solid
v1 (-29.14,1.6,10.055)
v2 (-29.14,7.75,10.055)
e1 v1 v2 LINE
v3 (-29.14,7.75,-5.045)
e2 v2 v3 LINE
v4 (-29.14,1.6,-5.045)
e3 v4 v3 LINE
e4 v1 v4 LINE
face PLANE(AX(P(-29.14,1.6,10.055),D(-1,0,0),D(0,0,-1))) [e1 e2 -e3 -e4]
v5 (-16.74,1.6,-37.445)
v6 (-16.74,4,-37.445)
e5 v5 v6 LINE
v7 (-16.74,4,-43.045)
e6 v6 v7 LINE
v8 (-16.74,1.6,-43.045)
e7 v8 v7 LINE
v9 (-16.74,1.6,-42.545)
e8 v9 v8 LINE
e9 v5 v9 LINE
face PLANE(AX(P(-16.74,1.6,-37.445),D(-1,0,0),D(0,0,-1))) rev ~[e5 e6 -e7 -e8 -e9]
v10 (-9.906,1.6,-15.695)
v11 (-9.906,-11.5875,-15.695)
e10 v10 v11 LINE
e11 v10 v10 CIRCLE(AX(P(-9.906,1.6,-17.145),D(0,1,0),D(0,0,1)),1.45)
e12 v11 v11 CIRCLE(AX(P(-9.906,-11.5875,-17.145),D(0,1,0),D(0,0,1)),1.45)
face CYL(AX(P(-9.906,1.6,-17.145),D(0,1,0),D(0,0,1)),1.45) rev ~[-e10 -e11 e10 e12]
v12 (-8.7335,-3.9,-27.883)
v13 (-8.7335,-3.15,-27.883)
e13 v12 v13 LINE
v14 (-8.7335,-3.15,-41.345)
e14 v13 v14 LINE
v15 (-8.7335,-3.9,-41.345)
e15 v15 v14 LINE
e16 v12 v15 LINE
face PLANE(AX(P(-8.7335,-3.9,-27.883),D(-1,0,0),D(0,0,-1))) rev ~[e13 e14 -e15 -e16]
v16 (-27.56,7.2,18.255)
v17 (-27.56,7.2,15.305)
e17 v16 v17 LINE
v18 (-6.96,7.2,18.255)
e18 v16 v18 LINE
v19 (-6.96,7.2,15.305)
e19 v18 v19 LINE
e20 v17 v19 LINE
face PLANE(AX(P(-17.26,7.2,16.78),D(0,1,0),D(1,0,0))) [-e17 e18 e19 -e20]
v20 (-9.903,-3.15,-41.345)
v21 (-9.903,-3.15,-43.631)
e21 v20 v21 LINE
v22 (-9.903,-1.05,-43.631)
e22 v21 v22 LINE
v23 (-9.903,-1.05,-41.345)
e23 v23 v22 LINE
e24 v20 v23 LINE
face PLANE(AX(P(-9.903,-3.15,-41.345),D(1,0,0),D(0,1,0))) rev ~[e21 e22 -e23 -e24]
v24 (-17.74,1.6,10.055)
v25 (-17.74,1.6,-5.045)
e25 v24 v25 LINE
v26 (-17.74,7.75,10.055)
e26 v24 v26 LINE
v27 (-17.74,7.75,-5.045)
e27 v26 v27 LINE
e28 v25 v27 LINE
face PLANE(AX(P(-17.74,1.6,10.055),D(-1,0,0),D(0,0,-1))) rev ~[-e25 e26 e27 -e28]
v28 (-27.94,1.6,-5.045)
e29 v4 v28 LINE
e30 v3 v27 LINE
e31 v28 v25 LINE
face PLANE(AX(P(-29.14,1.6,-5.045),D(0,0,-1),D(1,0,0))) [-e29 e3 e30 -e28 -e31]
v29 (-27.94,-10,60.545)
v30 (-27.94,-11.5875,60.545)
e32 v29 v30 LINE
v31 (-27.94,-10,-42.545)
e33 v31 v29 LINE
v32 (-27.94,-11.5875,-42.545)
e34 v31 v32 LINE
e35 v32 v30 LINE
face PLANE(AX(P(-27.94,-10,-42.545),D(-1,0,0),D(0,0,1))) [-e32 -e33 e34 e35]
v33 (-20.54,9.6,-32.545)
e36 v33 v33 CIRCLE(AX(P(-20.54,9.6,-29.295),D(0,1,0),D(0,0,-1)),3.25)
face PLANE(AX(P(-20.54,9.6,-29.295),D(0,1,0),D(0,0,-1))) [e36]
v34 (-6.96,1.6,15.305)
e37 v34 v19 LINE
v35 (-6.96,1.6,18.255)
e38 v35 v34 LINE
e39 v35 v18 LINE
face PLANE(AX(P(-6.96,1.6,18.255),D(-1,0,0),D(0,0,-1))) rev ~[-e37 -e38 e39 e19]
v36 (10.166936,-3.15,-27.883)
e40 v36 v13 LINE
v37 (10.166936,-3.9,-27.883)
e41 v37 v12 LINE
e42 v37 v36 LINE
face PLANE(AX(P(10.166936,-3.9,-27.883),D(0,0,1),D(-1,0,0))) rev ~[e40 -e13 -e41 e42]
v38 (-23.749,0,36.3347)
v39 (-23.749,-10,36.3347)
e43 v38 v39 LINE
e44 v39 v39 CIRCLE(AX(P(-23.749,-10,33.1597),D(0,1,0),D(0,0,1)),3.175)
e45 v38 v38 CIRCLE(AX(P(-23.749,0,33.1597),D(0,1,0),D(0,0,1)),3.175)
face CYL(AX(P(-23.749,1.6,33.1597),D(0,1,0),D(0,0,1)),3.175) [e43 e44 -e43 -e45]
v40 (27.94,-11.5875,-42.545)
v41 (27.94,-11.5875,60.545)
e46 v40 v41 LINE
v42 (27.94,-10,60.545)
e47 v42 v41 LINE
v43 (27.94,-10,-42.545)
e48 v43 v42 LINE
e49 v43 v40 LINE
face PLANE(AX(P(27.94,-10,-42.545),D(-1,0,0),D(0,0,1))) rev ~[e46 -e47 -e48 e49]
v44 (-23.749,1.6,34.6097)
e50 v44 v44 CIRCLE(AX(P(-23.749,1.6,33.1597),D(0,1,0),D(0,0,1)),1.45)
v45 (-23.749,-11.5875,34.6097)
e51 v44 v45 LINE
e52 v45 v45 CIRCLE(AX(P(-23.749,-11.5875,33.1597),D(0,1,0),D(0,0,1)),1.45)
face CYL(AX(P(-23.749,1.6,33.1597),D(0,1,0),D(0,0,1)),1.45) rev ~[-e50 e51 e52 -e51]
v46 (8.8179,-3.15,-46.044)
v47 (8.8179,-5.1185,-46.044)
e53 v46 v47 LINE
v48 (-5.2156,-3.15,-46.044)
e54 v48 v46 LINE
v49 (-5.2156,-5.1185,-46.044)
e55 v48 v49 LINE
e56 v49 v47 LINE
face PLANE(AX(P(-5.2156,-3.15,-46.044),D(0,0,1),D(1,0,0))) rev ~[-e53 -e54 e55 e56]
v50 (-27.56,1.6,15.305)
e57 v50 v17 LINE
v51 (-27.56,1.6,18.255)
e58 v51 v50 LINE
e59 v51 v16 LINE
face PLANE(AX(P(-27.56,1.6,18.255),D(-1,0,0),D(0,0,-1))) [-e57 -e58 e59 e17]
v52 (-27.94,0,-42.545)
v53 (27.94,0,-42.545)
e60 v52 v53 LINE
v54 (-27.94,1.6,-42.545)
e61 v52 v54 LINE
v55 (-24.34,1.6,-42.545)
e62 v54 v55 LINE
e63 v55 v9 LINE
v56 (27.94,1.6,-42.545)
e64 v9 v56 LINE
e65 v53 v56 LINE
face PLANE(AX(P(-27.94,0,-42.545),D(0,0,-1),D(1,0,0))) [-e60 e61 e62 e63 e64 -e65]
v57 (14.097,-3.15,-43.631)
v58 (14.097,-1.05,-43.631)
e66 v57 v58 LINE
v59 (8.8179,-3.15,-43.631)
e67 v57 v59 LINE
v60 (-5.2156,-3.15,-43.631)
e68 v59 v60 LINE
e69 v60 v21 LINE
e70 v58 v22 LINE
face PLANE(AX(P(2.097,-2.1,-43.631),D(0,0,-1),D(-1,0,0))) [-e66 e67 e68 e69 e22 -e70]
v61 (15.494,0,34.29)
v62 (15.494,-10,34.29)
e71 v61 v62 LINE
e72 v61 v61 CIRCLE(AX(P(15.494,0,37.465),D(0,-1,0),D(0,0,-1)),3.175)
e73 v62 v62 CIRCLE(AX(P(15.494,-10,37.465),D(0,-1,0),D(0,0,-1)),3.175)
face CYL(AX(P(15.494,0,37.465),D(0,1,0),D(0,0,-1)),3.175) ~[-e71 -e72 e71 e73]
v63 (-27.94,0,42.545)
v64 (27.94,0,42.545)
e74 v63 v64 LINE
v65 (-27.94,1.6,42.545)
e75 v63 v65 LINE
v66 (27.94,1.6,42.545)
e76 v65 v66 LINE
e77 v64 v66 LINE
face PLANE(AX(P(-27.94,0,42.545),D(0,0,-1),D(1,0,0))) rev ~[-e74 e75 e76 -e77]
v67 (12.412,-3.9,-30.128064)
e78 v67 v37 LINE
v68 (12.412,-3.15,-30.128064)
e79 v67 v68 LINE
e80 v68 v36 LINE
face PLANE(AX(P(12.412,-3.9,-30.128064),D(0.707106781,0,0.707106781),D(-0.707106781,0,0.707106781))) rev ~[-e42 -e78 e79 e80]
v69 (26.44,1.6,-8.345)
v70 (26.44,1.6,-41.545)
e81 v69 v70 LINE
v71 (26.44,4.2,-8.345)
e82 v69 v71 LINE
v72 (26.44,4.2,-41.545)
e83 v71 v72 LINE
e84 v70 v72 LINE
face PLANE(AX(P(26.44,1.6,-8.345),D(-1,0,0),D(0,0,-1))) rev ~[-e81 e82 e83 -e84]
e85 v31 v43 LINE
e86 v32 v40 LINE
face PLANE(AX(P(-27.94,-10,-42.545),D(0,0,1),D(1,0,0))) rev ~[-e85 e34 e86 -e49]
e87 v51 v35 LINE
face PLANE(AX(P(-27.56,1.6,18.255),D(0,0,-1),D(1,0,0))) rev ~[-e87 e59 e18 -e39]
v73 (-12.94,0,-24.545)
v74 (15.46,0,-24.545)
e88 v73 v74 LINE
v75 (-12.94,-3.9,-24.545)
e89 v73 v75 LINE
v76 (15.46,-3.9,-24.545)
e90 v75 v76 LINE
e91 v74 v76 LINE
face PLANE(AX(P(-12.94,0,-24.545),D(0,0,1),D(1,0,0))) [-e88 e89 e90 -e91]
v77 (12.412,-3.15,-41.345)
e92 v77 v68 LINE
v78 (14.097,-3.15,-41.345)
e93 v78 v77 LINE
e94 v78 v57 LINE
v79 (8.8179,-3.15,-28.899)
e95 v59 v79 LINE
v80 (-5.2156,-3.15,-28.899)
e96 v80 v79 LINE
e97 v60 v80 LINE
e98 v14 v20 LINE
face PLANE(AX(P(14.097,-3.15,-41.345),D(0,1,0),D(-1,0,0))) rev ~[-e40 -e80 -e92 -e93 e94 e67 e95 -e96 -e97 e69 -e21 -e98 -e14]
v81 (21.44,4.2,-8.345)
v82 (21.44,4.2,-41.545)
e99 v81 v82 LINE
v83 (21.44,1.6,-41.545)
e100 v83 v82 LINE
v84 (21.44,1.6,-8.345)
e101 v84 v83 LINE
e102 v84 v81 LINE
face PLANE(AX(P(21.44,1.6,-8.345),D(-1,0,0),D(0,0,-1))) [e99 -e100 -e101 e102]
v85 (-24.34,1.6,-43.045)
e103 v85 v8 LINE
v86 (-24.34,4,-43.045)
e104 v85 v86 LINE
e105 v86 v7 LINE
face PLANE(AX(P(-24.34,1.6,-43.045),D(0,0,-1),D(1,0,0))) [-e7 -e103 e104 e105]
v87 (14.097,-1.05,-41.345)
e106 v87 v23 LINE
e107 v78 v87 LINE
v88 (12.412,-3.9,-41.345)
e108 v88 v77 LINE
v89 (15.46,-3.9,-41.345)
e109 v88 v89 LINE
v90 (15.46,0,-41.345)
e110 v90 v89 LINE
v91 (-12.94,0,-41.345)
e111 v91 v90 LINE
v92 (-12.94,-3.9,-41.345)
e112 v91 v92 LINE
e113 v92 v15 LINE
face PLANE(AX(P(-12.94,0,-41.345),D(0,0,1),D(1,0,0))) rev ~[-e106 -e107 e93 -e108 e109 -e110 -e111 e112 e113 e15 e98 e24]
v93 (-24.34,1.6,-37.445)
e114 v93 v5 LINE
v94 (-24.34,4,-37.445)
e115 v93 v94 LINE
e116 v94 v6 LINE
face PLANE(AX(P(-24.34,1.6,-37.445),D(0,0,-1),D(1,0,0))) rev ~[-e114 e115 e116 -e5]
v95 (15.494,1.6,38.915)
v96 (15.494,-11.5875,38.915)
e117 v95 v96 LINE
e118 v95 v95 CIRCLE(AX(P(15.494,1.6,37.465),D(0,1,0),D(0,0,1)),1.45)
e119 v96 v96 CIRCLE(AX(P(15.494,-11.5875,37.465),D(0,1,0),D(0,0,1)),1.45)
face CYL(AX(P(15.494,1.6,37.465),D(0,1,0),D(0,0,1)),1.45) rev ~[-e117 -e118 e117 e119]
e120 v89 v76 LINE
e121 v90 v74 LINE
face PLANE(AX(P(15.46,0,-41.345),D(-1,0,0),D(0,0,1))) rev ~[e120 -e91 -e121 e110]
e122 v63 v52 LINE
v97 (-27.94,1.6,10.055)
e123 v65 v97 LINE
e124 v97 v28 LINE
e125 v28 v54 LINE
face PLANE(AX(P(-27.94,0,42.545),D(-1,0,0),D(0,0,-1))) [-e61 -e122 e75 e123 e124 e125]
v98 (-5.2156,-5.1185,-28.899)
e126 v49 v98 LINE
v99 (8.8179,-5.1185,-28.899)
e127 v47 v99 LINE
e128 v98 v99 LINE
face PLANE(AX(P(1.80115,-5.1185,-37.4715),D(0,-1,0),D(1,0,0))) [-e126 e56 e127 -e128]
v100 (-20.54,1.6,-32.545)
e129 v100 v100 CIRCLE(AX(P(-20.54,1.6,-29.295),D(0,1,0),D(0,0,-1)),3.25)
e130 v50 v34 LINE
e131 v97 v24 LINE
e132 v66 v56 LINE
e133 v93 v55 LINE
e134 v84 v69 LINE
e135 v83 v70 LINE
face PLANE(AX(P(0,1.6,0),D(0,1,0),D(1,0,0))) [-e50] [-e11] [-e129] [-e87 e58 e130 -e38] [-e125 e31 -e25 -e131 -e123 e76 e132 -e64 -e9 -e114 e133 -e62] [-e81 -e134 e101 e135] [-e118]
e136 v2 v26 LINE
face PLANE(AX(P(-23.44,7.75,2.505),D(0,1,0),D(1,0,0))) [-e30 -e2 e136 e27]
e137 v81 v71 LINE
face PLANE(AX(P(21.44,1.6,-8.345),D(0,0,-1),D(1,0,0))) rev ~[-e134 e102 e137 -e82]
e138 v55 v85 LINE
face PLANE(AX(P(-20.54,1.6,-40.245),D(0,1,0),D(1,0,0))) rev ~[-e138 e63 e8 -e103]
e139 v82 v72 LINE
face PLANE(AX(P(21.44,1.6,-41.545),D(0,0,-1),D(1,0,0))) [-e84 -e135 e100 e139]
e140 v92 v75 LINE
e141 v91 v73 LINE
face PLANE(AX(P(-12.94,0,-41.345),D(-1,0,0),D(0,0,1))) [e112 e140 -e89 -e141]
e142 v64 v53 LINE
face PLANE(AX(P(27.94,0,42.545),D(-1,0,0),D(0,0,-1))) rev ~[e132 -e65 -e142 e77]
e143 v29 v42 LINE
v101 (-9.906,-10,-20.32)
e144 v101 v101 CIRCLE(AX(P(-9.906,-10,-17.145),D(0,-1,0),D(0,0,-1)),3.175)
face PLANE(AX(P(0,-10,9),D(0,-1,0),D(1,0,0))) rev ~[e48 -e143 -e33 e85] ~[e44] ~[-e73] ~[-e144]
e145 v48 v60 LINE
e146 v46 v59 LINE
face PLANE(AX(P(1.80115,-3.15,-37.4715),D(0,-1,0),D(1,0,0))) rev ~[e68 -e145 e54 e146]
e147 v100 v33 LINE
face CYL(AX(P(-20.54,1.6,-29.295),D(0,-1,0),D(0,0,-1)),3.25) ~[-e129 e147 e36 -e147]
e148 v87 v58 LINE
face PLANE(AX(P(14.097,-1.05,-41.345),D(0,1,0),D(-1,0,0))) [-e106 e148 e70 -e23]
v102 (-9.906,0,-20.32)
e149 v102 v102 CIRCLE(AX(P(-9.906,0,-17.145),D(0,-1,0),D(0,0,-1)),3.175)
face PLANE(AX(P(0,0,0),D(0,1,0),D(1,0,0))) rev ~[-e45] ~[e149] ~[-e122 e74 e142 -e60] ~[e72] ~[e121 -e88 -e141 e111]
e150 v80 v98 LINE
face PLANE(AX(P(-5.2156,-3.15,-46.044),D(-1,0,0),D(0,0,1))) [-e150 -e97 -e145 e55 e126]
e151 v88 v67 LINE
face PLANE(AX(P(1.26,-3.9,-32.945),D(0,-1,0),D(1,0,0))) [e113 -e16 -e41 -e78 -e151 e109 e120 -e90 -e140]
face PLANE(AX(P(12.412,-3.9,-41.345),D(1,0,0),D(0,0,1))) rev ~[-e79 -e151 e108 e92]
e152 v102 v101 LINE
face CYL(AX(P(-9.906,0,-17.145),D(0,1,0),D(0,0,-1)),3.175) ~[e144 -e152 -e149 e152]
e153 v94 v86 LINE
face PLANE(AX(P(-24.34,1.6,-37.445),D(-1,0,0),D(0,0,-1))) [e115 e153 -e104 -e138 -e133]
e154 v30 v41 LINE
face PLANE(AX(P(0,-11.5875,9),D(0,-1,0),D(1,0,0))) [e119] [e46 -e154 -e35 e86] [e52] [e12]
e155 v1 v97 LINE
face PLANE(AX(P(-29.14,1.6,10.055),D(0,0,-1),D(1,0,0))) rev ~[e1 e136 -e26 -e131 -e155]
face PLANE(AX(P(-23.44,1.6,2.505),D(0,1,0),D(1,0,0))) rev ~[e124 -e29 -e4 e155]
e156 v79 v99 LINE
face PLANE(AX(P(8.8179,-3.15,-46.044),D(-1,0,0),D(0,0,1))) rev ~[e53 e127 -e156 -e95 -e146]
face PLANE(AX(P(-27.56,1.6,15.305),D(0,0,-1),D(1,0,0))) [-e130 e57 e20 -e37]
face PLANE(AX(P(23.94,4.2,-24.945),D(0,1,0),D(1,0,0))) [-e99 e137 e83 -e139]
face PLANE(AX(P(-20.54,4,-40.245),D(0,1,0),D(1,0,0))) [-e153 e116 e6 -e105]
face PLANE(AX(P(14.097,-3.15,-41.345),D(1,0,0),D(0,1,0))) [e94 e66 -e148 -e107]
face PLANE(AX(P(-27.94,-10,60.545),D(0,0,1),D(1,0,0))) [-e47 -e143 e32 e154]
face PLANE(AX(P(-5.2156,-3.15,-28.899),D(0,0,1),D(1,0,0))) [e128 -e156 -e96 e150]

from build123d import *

# Parameters (mm, degrees)
SKETCH2_W               = 55.88
SKETCH2_H               = 85.09
FIBERGLASS_PCB_DEPTH    = 1.6
SKETCH3_W               = 7.6
SKETCH3_H               = 5.6
USB_MICRO_B_POWER_DEPTH = 2.4
SKETCH4_W               = 5
SKETCH4_H               = 33.2
BOSS_EXTRUDE3_DEPTH     = 2.6
SKETCH5_W               = 11.4
SKETCH5_H               = 15.1
BOSS_EXTRUDE4_DEPTH     = 6.15
SKETCH6_W               = 20.6
SKETCH6_H               = 2.95
BOSS_EXTRUDE5_DEPTH     = 5.6
SKETCH8_R               = 3.25
BOSS_EXTRUDE6_DEPTH     = 8
SKETCH9_W               = 28.4
SKETCH9_H               = 16.8
BOSS_EXTRUDE7_DEPTH     = 3.9
SKETCH10_W              = 24
SKETCH10_H              = 2.1
BOSS_EXTRUDE8_DEPTH     = 2.286
SKETCH11_R              = 1.45
CUT_EXTRUDE1_DEPTH      = 54.073569326
SKETCH12_R              = 3.175
BOSS_EXTRUDE9_DEPTH     = 10
SKETCH13_W              = 55.88
SKETCH13_H              = 103.09
BOSS_EXTRUDE10_DEPTH    = 1.5875
SKETCH14_R              = 1.45
CUT_EXTRUDE2_DEPTH      = 69.474424286
CUT_EXTRUDE3_DEPTH      = 0.75
SKETCH16_W              = 14.0335
SKETCH16_H              = 17.145
BOSS_EXTRUDE11_DEPTH    = 1.9685
BOSS_EXTRUDE13_REACH    = 70.474
SKETCH18_R              = 3.175
SKETCH19_R              = 1.45
CUT_EXTRUDE5_DEPTH      = 69.474424286


with BuildPart() as part:
    # Sketch2 → Fiberglass PCB (new body)
    with BuildSketch(Plane(origin=(0, 0, 0), x_dir=(1, 0, 0), z_dir=(0, 1, 0))):
        Rectangle(SKETCH2_W, SKETCH2_H)
    extrude(amount=FIBERGLASS_PCB_DEPTH)

    # Sketch3 → USB Micro-B Power (add)
    with BuildSketch(Plane(origin=(0, 1.6, 0), x_dir=(1, 0, 0), z_dir=(0, 1, 0))):
        with Locations((-20.54, 40.245)):
            Rectangle(SKETCH3_W, SKETCH3_H)
    extrude(amount=USB_MICRO_B_POWER_DEPTH)

    # Sketch4 → Boss-Extrude3 (add)
    with BuildSketch(Plane(origin=(0, 1.6, 0), x_dir=(1, 0, 0), z_dir=(0, 1, 0))):
        with Locations((23.94, 24.945)):
            Rectangle(SKETCH4_W, SKETCH4_H)
    extrude(amount=BOSS_EXTRUDE3_DEPTH)

    # Sketch5 → Boss-Extrude4 (add)
    with BuildSketch(Plane(origin=(0, 1.6, 0), x_dir=(1, 0, 0), z_dir=(0, 1, 0))):
        with Locations((-23.44, -2.505)):
            Rectangle(SKETCH5_W, SKETCH5_H)
    extrude(amount=BOSS_EXTRUDE4_DEPTH)

    # Sketch6 → Boss-Extrude5 (add)
    with BuildSketch(Plane(origin=(0, 1.6, 0), x_dir=(1, 0, 0), z_dir=(0, 1, 0))):
        with Locations((-17.26, -16.78)):
            Rectangle(SKETCH6_W, SKETCH6_H)
    extrude(amount=BOSS_EXTRUDE5_DEPTH)

    # Sketch8 → Boss-Extrude6 (add)
    with BuildSketch(Plane(origin=(0, 1.6, 0), x_dir=(1, 0, 0), z_dir=(0, 1, 0))):
        with Locations(Location((-20.54, 29.295, 0), (0, 0, 90))):
            Circle(SKETCH8_R)
    extrude(amount=BOSS_EXTRUDE6_DEPTH)

    # Sketch9 → Boss-Extrude7 (add)
    with BuildSketch(Plane.XZ):
        with Locations((1.26, -32.945)):
            Rectangle(SKETCH9_W, SKETCH9_H)
    extrude(amount=BOSS_EXTRUDE7_DEPTH)

    # Sketch10 → Boss-Extrude8 (add)
    with BuildSketch(Plane(origin=(0, 0, -41.345), x_dir=(-1, 0, 0), z_dir=(0, 0, -1))):
        with Locations((-2.097, -2.1)):
            Rectangle(SKETCH10_W, SKETCH10_H)
    extrude(amount=BOSS_EXTRUDE8_DEPTH)

    # Sketch11 → Cut-Extrude1 (cut, through all)
    with BuildSketch(Plane(origin=(0, 1.6, 0), x_dir=(1, 0, 0), z_dir=(0, 1, 0))):
        with Locations(Location((15.494, -37.465, 0), (0, 0, 270))):
            Circle(SKETCH11_R)
        with Locations(Location((-9.906, 17.145, 0), (0, 0, 270))):
            Circle(SKETCH11_R)
    extrude(amount=-CUT_EXTRUDE1_DEPTH, mode=Mode.SUBTRACT)

    # Sketch12 → Boss-Extrude9 (add)
    with BuildSketch(Plane.XZ):
        with Locations(Location((-9.906, -17.145, 0), (0, 0, 270))):
            Circle(SKETCH12_R)
        with Locations(Location((15.494, 37.465, 0), (0, 0, 270))):
            Circle(SKETCH12_R)
    extrude(amount=BOSS_EXTRUDE9_DEPTH)

    # Sketch13 → Boss-Extrude10 (add)
    with BuildSketch(Plane.XZ.offset(10)):
        with Locations((0, 9)):
            Rectangle(SKETCH13_W, SKETCH13_H)
    extrude(amount=BOSS_EXTRUDE10_DEPTH)

    # Sketch14 → Cut-Extrude2 (cut, through all)
    with BuildSketch(Plane(origin=(0, 1.6, 0), x_dir=(1, 0, 0), z_dir=(0, 1, 0))):
        with Locations(Location((-9.906, 17.145, 0), (0, 0, 270))):
            Circle(SKETCH14_R)
        with Locations(Location((15.494, -37.465, 0), (0, 0, 270))):
            Circle(SKETCH14_R)
    extrude(amount=-CUT_EXTRUDE2_DEPTH, mode=Mode.SUBTRACT)

    # Sketch15 → Cut-Extrude3 (cut)
    with BuildSketch(Plane(origin=(0, -3.9, 0), x_dir=(-1, 0, 0), z_dir=(0, -1, 0))):
        Polygon((8.7335, 41.345), (-12.412, 41.345), (-12.412, 30.12806403), (-10.16693597, 27.883), (8.7335, 27.883), align=None)
    extrude(amount=-CUT_EXTRUDE3_DEPTH, mode=Mode.SUBTRACT)

    # Sketch16 → Boss-Extrude11 (add)
    with BuildSketch(Plane.XZ.offset(3.15)):
        with Locations((1.80115, -37.4715)):
            Rectangle(SKETCH16_W, SKETCH16_H)
    extrude(amount=BOSS_EXTRUDE11_DEPTH)

    # Sketch18 → Boss-Extrude13 (add, up to next)
    with BuildSketch(Plane(origin=(0, 1.6, 0), x_dir=(1, 0, 0), z_dir=(0, 1, 0)), mode=Mode.PRIVATE) as boss_extrude13_sk1:
        with Locations(Location((-23.749, -33.1597, 0), (0, 0, 270))):
            Circle(SKETCH18_R)
    boss_extrude13_tool1 = extrude(boss_extrude13_sk1.sketch, amount=-BOSS_EXTRUDE13_REACH, mode=Mode.PRIVATE) - part.part
    add(boss_extrude13_tool1.solids().sort_by_distance((-23.749, 1.6, 33.1597))[0])

    # Sketch19 → Cut-Extrude5 (cut, through all)
    with BuildSketch(Plane(origin=(0, 1.6, 0), x_dir=(1, 0, 0), z_dir=(0, 1, 0))):
        with Locations(Location((-23.749, -33.1597, 0), (0, 0, 270))):
            Circle(SKETCH19_R)
    extrude(amount=-CUT_EXTRUDE5_DEPTH, mode=Mode.SUBTRACT)


solid = part.part
